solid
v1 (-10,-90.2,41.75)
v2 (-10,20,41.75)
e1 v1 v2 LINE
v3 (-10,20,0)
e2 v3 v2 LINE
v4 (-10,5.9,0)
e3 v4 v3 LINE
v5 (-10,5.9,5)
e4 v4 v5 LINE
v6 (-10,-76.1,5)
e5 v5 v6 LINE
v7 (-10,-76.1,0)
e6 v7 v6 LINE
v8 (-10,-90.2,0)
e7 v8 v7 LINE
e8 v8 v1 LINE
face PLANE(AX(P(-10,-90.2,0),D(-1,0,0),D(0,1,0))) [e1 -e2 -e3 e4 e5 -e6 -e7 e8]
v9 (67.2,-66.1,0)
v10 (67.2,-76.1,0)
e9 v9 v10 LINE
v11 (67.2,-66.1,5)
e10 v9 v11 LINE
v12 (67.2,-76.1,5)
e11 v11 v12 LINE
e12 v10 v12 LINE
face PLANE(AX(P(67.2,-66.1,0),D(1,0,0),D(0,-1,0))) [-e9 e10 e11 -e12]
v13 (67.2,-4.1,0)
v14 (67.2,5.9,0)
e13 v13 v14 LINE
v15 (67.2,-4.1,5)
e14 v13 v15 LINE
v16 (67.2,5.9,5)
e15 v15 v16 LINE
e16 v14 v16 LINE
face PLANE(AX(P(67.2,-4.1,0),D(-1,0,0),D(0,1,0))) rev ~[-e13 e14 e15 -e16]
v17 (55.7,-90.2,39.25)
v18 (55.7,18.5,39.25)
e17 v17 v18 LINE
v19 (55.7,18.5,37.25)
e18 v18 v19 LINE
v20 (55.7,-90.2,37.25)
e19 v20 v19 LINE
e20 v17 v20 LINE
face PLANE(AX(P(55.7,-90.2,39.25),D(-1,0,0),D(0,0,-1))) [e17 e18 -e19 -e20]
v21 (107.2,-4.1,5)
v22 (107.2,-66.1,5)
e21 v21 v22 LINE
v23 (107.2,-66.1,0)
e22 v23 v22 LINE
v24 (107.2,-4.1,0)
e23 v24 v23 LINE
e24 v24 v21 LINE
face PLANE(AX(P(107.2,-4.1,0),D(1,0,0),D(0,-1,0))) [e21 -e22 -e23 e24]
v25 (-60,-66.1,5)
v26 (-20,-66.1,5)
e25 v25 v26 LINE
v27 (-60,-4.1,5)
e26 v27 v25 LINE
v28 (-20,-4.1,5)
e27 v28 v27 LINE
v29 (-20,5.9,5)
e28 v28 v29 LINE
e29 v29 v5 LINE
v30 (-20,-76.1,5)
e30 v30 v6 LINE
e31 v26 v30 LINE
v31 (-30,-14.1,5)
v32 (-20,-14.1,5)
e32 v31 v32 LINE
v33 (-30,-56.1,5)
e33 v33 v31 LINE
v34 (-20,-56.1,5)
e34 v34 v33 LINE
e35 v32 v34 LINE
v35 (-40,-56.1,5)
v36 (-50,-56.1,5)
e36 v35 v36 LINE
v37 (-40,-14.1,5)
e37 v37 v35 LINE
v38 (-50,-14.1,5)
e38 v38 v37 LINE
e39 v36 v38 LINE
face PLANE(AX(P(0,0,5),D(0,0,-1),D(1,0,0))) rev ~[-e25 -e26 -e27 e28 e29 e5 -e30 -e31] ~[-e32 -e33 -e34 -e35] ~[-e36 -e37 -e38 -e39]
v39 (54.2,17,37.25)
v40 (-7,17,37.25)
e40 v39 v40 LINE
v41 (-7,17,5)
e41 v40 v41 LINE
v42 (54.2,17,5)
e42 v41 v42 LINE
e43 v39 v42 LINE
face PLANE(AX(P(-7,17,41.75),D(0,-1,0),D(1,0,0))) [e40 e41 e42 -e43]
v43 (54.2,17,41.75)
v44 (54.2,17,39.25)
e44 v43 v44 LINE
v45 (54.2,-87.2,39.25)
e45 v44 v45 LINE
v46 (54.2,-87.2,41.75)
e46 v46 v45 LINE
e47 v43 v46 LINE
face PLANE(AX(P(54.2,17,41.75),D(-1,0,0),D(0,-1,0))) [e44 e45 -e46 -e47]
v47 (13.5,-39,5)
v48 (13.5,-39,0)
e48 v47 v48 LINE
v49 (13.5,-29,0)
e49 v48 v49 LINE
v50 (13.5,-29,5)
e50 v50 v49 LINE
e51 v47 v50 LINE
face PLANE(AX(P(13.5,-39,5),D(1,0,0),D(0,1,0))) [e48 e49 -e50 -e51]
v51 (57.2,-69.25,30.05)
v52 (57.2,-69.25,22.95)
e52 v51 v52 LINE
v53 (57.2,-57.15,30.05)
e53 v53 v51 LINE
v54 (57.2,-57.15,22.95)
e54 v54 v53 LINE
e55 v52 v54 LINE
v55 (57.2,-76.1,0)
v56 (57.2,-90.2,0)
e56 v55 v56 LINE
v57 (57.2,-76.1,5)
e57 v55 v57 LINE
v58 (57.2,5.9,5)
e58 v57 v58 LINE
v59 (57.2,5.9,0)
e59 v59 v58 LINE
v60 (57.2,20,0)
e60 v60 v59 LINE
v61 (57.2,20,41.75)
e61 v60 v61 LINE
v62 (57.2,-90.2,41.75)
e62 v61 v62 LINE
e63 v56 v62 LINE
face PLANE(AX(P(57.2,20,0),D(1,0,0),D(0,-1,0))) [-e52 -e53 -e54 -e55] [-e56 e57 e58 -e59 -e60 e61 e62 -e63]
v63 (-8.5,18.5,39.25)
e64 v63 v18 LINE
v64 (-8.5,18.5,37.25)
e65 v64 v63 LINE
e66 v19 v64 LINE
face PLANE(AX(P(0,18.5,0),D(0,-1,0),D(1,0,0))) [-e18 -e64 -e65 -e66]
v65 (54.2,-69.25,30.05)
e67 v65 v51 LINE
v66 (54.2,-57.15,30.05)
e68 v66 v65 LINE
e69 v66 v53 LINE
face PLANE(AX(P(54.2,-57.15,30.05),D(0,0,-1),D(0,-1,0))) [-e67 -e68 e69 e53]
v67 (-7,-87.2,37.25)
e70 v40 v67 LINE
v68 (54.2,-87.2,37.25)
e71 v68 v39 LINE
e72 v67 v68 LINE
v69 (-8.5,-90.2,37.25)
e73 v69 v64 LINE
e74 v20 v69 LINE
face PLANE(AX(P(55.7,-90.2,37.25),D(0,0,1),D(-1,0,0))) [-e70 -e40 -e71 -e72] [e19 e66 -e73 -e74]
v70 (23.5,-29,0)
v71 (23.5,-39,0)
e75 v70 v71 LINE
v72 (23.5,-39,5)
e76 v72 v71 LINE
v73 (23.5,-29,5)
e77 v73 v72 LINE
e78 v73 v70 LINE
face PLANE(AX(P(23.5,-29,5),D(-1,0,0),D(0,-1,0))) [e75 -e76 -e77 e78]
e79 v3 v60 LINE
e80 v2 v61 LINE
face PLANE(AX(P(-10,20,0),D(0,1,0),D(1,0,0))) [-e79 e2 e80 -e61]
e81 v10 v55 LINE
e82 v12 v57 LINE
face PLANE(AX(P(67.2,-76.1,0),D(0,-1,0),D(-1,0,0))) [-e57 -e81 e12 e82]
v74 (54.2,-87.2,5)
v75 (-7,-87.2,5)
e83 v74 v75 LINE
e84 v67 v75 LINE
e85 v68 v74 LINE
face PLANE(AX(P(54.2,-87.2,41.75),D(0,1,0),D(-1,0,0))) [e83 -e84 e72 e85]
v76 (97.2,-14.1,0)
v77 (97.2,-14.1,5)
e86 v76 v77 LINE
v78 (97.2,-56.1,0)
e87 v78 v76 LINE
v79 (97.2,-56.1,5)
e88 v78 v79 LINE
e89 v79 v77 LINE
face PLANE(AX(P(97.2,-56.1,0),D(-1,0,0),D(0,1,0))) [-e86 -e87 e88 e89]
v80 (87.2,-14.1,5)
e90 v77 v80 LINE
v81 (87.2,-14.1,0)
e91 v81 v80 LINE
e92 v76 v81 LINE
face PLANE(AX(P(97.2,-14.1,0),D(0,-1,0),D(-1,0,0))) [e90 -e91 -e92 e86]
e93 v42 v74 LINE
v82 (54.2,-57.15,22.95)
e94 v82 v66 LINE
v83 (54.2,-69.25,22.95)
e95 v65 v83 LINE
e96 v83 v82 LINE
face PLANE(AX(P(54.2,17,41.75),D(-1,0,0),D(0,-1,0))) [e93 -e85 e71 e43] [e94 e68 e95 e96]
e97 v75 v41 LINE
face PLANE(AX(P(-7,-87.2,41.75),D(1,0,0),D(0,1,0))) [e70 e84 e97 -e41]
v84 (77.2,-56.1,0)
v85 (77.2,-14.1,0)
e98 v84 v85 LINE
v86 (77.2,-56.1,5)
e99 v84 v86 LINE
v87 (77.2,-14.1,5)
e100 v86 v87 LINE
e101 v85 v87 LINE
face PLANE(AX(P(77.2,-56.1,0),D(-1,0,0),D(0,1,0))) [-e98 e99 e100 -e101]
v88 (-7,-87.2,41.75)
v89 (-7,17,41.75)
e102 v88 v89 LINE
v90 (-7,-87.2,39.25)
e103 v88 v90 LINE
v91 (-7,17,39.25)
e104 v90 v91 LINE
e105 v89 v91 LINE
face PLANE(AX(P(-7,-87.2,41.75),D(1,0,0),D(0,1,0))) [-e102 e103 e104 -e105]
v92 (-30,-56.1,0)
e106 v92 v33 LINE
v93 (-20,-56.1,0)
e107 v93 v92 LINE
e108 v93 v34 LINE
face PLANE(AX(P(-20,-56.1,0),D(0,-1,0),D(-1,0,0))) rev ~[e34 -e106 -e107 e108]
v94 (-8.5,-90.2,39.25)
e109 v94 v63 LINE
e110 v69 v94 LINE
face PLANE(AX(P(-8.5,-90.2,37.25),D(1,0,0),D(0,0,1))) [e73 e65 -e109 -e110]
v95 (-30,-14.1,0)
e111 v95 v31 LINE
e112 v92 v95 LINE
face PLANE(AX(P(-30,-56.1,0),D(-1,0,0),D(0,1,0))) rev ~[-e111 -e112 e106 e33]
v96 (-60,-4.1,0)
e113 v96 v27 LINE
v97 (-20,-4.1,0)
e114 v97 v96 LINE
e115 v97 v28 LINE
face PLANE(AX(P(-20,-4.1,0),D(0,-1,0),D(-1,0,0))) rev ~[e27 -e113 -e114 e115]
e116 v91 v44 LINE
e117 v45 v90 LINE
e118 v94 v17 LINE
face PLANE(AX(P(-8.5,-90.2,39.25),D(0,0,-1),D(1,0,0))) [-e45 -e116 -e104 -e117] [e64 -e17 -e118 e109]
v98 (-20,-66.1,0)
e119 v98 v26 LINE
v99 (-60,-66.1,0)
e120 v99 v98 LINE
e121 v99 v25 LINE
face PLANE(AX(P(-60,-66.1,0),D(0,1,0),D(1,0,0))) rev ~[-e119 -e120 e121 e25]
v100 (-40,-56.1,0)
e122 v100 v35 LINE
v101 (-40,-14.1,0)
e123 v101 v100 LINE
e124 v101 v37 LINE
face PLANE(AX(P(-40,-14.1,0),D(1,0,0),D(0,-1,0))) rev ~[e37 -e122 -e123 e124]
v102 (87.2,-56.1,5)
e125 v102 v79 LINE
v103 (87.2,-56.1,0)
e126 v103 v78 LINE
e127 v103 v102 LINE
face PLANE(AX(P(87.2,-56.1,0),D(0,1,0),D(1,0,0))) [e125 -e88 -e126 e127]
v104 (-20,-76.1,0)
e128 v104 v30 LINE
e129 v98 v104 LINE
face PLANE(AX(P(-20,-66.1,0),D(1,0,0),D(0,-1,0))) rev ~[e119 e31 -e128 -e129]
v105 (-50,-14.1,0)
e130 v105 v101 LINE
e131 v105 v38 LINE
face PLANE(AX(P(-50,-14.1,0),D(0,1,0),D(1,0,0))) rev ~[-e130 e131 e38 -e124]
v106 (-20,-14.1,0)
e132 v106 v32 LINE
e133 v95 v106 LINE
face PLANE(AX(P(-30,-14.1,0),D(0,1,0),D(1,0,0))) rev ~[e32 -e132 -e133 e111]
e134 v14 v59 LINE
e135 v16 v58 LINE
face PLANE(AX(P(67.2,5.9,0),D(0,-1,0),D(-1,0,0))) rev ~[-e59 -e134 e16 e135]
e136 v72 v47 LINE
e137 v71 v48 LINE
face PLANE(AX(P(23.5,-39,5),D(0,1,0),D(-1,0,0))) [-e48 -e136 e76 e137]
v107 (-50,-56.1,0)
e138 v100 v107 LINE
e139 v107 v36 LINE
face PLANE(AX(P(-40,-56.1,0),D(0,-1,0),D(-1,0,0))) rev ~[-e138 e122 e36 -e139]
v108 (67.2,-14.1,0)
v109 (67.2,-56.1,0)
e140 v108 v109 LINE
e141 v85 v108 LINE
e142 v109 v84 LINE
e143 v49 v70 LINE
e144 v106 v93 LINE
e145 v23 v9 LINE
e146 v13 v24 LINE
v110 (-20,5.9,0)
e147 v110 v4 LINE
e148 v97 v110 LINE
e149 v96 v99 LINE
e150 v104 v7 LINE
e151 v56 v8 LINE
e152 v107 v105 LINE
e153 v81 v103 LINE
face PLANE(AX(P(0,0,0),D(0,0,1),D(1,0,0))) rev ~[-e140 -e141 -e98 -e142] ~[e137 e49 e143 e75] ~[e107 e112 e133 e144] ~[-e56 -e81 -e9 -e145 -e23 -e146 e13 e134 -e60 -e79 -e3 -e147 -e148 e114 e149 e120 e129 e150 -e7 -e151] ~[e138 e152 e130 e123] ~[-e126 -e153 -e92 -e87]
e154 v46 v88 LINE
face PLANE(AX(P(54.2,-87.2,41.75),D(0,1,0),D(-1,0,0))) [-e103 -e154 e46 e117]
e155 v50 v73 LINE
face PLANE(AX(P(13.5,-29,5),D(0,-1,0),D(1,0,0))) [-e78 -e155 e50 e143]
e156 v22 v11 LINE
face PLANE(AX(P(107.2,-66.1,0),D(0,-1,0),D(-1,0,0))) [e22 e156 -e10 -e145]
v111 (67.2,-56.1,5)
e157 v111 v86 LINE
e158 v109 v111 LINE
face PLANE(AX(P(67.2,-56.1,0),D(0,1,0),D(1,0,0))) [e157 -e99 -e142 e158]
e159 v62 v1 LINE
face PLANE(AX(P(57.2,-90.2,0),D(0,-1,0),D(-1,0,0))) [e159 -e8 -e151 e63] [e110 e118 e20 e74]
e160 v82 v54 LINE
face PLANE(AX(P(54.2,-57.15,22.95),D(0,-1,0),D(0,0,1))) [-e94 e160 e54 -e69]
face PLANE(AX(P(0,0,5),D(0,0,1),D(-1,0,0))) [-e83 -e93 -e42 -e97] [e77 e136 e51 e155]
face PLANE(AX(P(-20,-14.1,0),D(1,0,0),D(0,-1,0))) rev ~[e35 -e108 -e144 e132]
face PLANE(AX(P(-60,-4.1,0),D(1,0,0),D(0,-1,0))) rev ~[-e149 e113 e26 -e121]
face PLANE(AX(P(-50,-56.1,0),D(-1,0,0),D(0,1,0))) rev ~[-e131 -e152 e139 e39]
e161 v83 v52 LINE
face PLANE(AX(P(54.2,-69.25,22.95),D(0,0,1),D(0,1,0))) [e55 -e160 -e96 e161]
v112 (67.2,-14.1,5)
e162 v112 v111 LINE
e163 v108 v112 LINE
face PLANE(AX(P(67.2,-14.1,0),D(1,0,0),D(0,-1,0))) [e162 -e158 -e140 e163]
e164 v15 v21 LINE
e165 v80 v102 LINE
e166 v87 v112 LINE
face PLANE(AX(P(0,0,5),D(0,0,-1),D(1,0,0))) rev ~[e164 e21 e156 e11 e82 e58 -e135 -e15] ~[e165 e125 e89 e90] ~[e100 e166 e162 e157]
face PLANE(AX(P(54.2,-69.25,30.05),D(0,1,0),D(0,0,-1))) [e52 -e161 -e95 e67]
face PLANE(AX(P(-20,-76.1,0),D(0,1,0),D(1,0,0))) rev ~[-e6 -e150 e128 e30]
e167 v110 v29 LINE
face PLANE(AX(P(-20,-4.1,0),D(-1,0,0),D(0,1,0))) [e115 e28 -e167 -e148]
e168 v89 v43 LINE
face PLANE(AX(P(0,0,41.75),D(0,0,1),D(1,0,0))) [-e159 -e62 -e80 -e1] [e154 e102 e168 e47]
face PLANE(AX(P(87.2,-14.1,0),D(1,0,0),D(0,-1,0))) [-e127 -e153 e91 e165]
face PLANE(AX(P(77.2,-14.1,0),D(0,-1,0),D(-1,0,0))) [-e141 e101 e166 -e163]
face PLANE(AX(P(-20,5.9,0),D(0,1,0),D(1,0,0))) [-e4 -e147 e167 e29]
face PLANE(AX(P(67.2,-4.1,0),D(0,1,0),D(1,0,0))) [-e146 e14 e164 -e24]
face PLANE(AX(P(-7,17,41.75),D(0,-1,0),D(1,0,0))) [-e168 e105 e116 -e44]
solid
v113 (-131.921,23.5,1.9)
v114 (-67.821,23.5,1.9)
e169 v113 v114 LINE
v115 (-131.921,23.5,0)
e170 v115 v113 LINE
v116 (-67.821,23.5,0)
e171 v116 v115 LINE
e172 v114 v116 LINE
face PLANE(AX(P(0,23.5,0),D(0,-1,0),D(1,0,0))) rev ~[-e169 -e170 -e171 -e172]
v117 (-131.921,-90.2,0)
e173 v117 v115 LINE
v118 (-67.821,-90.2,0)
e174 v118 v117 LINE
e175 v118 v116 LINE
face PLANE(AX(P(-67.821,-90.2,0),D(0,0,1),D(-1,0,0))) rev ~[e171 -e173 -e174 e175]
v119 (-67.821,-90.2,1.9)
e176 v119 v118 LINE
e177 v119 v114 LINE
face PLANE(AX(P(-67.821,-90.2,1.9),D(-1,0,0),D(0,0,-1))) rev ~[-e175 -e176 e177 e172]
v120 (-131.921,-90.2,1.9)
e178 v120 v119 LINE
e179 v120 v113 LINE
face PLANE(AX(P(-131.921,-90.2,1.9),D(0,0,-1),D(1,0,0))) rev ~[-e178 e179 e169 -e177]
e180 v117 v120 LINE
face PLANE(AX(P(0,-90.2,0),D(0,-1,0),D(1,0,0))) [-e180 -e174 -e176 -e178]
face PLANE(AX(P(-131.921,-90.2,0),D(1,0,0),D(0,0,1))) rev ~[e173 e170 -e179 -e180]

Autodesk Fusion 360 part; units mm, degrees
sketch "Sketch1" plane through (0, 0, 0) normal (0, 0, 1) x (1, 0, 0)
  line L0 (-10, 20) -> (57.2, 20)
  line L1 (57.2, 20) -> (57.2, -90.2)
  line L2 (57.2, -90.2) -> (-10, -90.2)
  line L3 (-10, -90.2) -> (-10, 20)
  dimension "d1" = 67.2
  dimension "d2" = 110.2
extrude "Extrude1" add sketch "Sketch1" along normal blind 41.75 makes body 1
sketch "Sketch2" plane through (0, 0, 41.75) normal (0, 0, 1) x (-1, 0, 0)
  line L0 (10, 90.2) -> (-57.2, 90.2)
  line L1 (-57.2, 90.2) -> (-57.2, -20)
  line L2 (-57.2, -20) -> (10, -20)
  line L3 (10, -20) -> (10, 90.2)
  line L4 (7, -17) -> (-54.2, -17)
  line L5 (-54.2, -17) -> (-54.2, 87.2)
  line L6 (-54.2, 87.2) -> (7, 87.2)
  line L7 (7, 87.2) -> (7, -17)
  dimension "d10" = 61.2
  dimension "d11" = 104.2
  dimension "d12" = 3
  dimension "d13" = 3
extrude "Extrude3" cut sketch "Sketch2" against normal blind 36.75 contours L4 L5 L6 L7 bodies 1
sketch "Sketch4" plane through (0, -90.2, 0) normal (0, -1, 0) x (1, 0, 0)
  line L0 (-10, 0) -> (57.2, 0)
  line L1 (57.2, 0) -> (57.2, 41.75)
  line L2 (57.2, 41.75) -> (-10, 41.75)
  line L3 (-10, 41.75) -> (-10, 0)
  line L4 (-8.5, 39.25) -> (55.7, 39.25)
  line L5 (55.7, 39.25) -> (55.7, 37.25)
  line L6 (55.7, 37.25) -> (-8.5, 37.25)
  line L7 (-8.5, 37.25) -> (-8.5, 39.25)
  line L8 (54.2, 41.75) -> (-7, 41.75)
  line L9 (-131.921, 1.9) -> (-67.821, 1.9)
  line L10 (-67.821, 1.9) -> (-67.821, 0)
  line L11 (-67.821, 0) -> (-131.921, 0)
  line L12 (-131.921, 0) -> (-131.921, 1.9)
  dimension "d22" = 64.2
  dimension "d23" = 2
  dimension "d24" = 2.5
  dimension "d25" = 1.5
  dimension "d40" = 1.9
  dimension "d41" = 64.1
extrude "Extrude4" cut sketch "Sketch4" against normal blind 108.7 contours L4 L5 L6 L7 bodies 1
extrude "Extrude6" add sketch "Sketch4" against normal blind 113.7 separate body contours L9 L10 L11 L12 makes body 2
sketch "Sketch5" plane through (0, 0, 0) normal (0, 0, -1) x (1, 0, 0)
  line L0 (57.2, 90.2) -> (-10, 90.2)
  line L1 (-10, 90.2) -> (-10, -20)
  line L2 (-10, -20) -> (57.2, -20)
  line L3 (-10, 4.1) -> (-60, 4.1)
  line L4 (-60, 4.1) -> (-60, 66.1)
  line L5 (-60, 66.1) -> (-10, 66.1)
  line L6 (-10, 66.1) -> (-10, 4.1)
  line L7 (57.2, -20) -> (-10, -20)
  line L8 (-50, 14.1) -> (-40, 14.1)
  line L9 (-40, 14.1) -> (-40, 56.1)
  line L10 (-40, 56.1) -> (-50, 56.1)
  line L11 (-50, 56.1) -> (-50, 14.1)
  line L12 (-30, 14.1) -> (-20, 14.1)
  line L13 (-20, 14.1) -> (-20, 56.1)
  line L14 (-20, 56.1) -> (-30, 56.1)
  line L15 (-30, 56.1) -> (-30, 14.1)
  line L16 (23.6, -15.6534) -> (23.6, 85)
  line L17 (-10, -20) -> (-10, 90.2)
  line L18 (87.2, 14.1) -> (87.2, 56.1)
  line L19 (77.2, 56.1) -> (77.2, 14.1)
  line L20 (77.2, 14.1) -> (67.2, 14.1)
  line L21 (57.2, 4.1) -> (107.2, 4.1)
  line L22 (87.2, 56.1) -> (97.2, 56.1)
  line L23 (67.2, 14.1) -> (67.2, 56.1)
  line L24 (57.2, 66.1) -> (57.2, 4.1)
  line L25 (67.2, 56.1) -> (77.2, 56.1)
  line L26 (107.2, 4.1) -> (107.2, 66.1)
  line L27 (97.2, 56.1) -> (97.2, 14.1)
  line L28 (107.2, 66.1) -> (57.2, 66.1)
  line L29 (97.2, 14.1) -> (87.2, 14.1)
  line L30 (-10, 4.1) -> (-20, 4.1)
  line L31 (-20, 4.1) -> (-20, -5.9)
  line L32 (-20, -5.9) -> (-10, -5.9)
  line L33 (-10, -5.9) -> (-10, 4.1)
  line L34 (-10, 66.1) -> (-20, 66.1)
  line L35 (-20, 66.1) -> (-20, 76.1)
  line L36 (-20, 76.1) -> (-10, 76.1)
  line L37 (-10, 76.1) -> (-10, 66.1)
  line L38 (87.2, 56.1) -> (97.2, 56.1)
  line L39 (67.2, 76.1) -> (57.2, 76.1)
  line L40 (57.2, 66.1) -> (67.2, 66.1)
  line L41 (87.2, 14.1) -> (87.2, 56.1)
  line L42 (57.2, 4.1) -> (107.2, 4.1)
  line L43 (67.2, -5.9) -> (57.2, -5.9)
  line L44 (97.2, 14.1) -> (87.2, 14.1)
  line L45 (77.2, 56.1) -> (77.2, 14.1)
  line L46 (67.2, 66.1) -> (67.2, 76.1)
  line L47 (57.2, 4.1) -> (67.2, 4.1)
  line L48 (77.2, 14.1) -> (67.2, 14.1)
  line L49 (107.2, 66.1) -> (57.2, 66.1)
  line L50 (57.2, 66.1) -> (57.2, 4.1)
  line L51 (57.2, -5.9) -> (57.2, 4.1)
  line L52 (67.2, 56.1) -> (77.2, 56.1)
  line L53 (67.2, 14.1) -> (67.2, 56.1)
  line L54 (97.2, 56.1) -> (97.2, 14.1)
  line L55 (57.2, 76.1) -> (57.2, 66.1)
  line L56 (67.2, 4.1) -> (67.2, -5.9)
  dimension "d28" = 24.1
  dimension "d29" = 62
  dimension "d30" = 50
  dimension "d31" = 42
  dimension "d32" = 10
  dimension "d34" = 10
  dimension "d35" = 10
  dimension "d36" = 10
  dimension "d37" = 33.6
  dimension "d44" = 10
  dimension "d45" = 10
  dimension "d46" = 10
  dimension "d47" = 10
extrude "Extrude5" add sketch "Sketch5" against normal blind 5 bodies 1
sketch "Sketch7" plane through (0, 0, 5) normal (0, 0, 1) x (-1, 0, 0)
  line L0 (7, 87.2) -> (-54.2, 87.2)
  line L1 (-54.2, 87.2) -> (-54.2, -17)
  line L2 (-54.2, -17) -> (7, -17)
  line L3 (7, -17) -> (7, 87.2)
  line L4 (-13.5, 29) -> (-23.5, 29)
  line L5 (-23.5, 29) -> (-23.5, 39)
  line L6 (-23.5, 39) -> (-13.5, 39)
  line L7 (-13.5, 39) -> (-13.5, 29)
  dimension "d48" = 46
  dimension "d49" = 20.5
  dimension "d50" = 10
  dimension "d51" = 10
extrude "Extrude7" cut sketch "Sketch7" against normal blind 5 contours L4 L5 L6 L7 bodies 1
sketch "Sketch8" plane through (54.2, 0, 0) normal (-1, 0, 0) x (0, -1, 0)
  line L0 (87.2, 37.25) -> (-17, 37.25)
  line L1 (-17, 37.25) -> (-17, 5)
  line L2 (-17, 5) -> (87.2, 5)
  line L3 (87.2, 5) -> (87.2, 37.25)
  line L4 (57.15, 30.05) -> (69.25, 30.05)
  line L5 (69.25, 30.05) -> (69.25, 22.95)
  line L6 (69.25, 22.95) -> (57.15, 22.95)
  line L7 (57.15, 22.95) -> (57.15, 30.05)
  dimension "d54" = 17.95
  dimension "d55" = 17.95
  dimension "d56" = 12.1
  dimension "d57" = 7.1
extrude "Extrude8" cut sketch "Sketch8" against normal blind 3 contours L4 L5 L6 L7 bodies 1
equation "d40 = 2 mm - 0.1 mm"
equation "d41 = 64.2 mm - 0.1 mm"
equation "d54 = 1.8 cm - 0.05 mm"
equation "d55 = 18 mm - 0.05 mm"
equation "d56 = 1.2 cm + 0.1 mm"
equation "d57 = 7 mm + 0.1 mm"
